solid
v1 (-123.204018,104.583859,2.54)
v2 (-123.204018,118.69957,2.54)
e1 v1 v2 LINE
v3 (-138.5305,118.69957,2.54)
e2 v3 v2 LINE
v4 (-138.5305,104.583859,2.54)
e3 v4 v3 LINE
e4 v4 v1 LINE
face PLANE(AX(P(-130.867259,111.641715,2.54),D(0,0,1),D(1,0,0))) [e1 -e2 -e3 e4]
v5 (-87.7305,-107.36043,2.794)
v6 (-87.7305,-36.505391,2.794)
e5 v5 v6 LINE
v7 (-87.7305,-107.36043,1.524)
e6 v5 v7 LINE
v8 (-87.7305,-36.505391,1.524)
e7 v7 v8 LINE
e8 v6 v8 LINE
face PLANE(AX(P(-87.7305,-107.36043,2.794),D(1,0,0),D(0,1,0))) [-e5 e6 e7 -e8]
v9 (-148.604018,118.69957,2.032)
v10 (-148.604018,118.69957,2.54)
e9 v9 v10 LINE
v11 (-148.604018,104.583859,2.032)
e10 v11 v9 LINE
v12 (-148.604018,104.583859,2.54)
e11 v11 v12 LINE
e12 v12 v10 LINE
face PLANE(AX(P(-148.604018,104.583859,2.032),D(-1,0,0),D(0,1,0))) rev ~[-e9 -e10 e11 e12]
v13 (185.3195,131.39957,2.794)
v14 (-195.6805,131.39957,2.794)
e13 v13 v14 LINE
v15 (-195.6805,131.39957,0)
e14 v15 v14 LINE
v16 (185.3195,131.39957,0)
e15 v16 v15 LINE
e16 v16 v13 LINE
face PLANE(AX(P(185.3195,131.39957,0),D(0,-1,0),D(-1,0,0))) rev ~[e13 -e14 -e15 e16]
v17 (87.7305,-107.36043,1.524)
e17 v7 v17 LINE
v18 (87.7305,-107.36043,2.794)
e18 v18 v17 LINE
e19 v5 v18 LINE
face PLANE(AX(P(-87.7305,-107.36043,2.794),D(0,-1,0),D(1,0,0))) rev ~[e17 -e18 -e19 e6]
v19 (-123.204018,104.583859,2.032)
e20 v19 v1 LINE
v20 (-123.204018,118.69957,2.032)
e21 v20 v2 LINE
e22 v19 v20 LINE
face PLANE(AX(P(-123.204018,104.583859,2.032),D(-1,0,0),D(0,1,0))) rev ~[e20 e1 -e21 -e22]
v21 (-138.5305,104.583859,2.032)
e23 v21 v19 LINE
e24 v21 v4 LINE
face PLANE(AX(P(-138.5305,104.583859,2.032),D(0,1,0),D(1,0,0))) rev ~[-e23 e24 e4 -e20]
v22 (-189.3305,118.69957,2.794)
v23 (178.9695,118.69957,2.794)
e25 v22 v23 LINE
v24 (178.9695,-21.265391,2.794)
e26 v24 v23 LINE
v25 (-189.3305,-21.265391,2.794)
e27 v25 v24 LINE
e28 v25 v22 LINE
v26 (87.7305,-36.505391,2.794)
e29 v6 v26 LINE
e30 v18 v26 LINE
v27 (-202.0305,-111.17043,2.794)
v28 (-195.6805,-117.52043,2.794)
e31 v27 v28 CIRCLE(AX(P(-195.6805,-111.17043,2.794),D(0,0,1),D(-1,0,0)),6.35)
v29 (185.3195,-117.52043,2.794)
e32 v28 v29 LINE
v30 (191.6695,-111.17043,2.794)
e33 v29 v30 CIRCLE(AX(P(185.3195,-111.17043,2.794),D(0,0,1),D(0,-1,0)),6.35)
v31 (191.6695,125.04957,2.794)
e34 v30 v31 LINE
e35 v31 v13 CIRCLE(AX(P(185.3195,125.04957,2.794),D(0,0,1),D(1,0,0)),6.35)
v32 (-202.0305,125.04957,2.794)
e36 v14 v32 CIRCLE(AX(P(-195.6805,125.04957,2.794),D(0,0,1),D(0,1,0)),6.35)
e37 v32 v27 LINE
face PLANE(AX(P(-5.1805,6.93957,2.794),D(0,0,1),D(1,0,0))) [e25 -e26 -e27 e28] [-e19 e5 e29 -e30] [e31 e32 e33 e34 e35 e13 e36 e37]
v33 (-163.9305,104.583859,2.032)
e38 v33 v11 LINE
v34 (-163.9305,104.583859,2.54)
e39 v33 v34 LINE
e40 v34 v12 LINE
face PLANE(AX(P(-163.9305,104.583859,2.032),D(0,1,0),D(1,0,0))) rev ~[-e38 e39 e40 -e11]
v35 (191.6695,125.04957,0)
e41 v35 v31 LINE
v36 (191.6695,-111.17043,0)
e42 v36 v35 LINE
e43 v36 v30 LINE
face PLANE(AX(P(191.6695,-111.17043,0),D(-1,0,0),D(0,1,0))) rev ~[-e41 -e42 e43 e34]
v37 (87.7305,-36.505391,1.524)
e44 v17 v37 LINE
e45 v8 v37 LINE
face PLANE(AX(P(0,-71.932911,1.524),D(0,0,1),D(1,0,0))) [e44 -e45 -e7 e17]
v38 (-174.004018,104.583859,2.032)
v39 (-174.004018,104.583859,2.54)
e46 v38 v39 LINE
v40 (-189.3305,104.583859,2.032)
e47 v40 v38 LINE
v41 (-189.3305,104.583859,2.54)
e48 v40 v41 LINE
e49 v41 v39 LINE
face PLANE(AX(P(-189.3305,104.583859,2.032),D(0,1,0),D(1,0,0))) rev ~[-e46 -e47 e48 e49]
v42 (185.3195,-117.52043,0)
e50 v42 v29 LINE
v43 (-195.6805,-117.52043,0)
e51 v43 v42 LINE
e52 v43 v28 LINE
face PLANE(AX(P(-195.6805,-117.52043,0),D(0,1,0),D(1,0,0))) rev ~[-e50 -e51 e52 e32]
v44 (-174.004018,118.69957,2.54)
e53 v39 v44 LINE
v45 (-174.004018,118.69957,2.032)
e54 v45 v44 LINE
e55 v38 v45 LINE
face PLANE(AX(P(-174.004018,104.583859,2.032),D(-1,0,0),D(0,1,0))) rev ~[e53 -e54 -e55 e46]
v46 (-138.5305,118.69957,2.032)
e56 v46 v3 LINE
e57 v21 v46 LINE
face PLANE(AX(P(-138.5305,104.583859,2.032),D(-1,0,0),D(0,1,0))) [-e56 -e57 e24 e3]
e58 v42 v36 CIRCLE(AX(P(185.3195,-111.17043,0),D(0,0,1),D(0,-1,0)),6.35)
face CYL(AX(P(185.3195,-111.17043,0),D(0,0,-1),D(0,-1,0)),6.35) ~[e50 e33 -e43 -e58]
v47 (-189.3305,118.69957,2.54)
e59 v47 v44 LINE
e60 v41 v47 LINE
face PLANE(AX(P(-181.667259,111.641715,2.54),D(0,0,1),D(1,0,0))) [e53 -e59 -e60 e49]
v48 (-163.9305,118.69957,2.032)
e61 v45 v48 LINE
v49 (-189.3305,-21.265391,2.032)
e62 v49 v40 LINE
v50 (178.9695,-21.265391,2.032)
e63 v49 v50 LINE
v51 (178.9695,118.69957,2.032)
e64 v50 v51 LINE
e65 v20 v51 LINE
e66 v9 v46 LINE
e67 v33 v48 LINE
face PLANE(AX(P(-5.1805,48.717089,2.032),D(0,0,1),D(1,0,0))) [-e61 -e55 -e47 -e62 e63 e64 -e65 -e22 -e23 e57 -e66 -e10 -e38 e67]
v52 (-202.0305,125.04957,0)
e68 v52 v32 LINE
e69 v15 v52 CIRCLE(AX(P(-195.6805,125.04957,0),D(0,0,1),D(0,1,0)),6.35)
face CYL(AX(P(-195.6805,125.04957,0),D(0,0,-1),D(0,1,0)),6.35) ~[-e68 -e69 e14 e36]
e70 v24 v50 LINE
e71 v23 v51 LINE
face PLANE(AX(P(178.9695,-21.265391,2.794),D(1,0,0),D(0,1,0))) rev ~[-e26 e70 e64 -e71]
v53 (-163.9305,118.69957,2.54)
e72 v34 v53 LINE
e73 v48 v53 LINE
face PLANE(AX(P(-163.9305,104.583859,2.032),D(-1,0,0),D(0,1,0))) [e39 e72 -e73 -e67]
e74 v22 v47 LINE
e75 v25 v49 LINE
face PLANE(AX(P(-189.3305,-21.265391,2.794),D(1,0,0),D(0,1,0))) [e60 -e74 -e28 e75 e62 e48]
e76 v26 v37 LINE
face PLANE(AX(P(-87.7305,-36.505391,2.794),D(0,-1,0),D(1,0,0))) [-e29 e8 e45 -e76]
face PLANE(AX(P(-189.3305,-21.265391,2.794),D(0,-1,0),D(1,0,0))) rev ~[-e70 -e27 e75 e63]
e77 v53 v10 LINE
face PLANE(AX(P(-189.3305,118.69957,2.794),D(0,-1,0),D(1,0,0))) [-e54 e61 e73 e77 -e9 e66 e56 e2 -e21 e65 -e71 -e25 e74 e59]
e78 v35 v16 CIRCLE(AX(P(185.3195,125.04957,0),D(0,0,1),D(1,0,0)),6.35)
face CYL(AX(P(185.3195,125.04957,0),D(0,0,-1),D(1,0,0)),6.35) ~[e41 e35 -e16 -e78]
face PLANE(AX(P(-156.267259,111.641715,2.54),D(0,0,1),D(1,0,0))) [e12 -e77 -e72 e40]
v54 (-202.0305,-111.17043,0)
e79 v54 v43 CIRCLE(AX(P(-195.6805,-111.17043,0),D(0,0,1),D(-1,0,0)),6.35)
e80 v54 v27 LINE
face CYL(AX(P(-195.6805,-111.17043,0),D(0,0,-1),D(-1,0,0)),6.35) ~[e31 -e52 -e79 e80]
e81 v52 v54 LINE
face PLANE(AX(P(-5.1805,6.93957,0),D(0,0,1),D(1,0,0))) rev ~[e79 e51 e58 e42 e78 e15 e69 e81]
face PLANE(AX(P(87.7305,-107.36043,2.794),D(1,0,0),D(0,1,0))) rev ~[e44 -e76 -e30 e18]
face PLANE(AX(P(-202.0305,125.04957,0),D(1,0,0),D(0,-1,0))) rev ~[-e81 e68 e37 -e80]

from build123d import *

# Parameters (mm, degrees)
F1_DEPTH = 2.794
F2_W     = 368.3
F2_H     = 139.9649612151
F3_DEPTH = 0.762
F4_W     = 175.4610008955
F4_H     = 70.8550387849
F5_DEPTH = 1.27
F6_W     = 15.326482141
F6_H     = 14.1157105111
F7_DEPTH = 0.508


with BuildPart() as f1:
    # F0 (on Top) → F1 (new body)
    with BuildSketch(Plane.XY):
        with BuildLine():
            ThreePointArc((191.6694995522, 125.0495699547), (189.8096276128, 129.5396980153), (185.3194995522, 131.3995699547))
            Line((185.3194995522, 131.3995699547), (-195.6805004478, 131.3995699547))
            ThreePointArc((-195.6805004478, 131.3995699547), (-200.1706285083, 129.5396980153), (-202.0305004478, 125.0495699547))
            Line((-202.0305004478, 125.0495699547), (-202.0305004478, -111.1704300453))
            ThreePointArc((-202.0305004478, -111.1704300453), (-200.1706285083, -115.6605581058), (-195.6805004478, -117.5204300453))
            Line((-195.6805004478, -117.5204300453), (185.3194995522, -117.5204300453))
            ThreePointArc((185.3194995522, -117.5204300453), (189.8096276128, -115.6605581058), (191.6694995522, -111.1704300453))
            Line((191.6694995522, -111.1704300453), (191.6694995522, 125.0495699547))
        make_face()
    extrude(amount=F1_DEPTH)

    # F2 (on face) → F3 (cut)
    with BuildSketch(Plane.XY.offset(2.794)):
        with Locations((-5.1805004478, 48.7170893472)):
            Rectangle(F2_W, F2_H)
    extrude(amount=-F3_DEPTH, mode=Mode.SUBTRACT)

    # F4 (on face) → F5 (cut)
    with BuildSketch(Plane.XY.offset(2.794)):
        with Locations((0, -71.9329106528)):
            Rectangle(F4_W, F4_H)
    extrude(amount=-F5_DEPTH, mode=Mode.SUBTRACT)

    # F6 (on face) → F7 (join)
    with BuildSketch(Plane.XY.offset(2.032)):
        with Locations((-181.6672593772, 111.6417146992)):
            Rectangle(F6_W, F6_H)
        with Locations((-156.2672593772, 111.6417146992)):
            Rectangle(F6_W, F6_H)
        with Locations((-130.8672593772, 111.6417146992)):
            Rectangle(F6_W, F6_H)
    extrude(amount=F7_DEPTH)


solid = f1.part
